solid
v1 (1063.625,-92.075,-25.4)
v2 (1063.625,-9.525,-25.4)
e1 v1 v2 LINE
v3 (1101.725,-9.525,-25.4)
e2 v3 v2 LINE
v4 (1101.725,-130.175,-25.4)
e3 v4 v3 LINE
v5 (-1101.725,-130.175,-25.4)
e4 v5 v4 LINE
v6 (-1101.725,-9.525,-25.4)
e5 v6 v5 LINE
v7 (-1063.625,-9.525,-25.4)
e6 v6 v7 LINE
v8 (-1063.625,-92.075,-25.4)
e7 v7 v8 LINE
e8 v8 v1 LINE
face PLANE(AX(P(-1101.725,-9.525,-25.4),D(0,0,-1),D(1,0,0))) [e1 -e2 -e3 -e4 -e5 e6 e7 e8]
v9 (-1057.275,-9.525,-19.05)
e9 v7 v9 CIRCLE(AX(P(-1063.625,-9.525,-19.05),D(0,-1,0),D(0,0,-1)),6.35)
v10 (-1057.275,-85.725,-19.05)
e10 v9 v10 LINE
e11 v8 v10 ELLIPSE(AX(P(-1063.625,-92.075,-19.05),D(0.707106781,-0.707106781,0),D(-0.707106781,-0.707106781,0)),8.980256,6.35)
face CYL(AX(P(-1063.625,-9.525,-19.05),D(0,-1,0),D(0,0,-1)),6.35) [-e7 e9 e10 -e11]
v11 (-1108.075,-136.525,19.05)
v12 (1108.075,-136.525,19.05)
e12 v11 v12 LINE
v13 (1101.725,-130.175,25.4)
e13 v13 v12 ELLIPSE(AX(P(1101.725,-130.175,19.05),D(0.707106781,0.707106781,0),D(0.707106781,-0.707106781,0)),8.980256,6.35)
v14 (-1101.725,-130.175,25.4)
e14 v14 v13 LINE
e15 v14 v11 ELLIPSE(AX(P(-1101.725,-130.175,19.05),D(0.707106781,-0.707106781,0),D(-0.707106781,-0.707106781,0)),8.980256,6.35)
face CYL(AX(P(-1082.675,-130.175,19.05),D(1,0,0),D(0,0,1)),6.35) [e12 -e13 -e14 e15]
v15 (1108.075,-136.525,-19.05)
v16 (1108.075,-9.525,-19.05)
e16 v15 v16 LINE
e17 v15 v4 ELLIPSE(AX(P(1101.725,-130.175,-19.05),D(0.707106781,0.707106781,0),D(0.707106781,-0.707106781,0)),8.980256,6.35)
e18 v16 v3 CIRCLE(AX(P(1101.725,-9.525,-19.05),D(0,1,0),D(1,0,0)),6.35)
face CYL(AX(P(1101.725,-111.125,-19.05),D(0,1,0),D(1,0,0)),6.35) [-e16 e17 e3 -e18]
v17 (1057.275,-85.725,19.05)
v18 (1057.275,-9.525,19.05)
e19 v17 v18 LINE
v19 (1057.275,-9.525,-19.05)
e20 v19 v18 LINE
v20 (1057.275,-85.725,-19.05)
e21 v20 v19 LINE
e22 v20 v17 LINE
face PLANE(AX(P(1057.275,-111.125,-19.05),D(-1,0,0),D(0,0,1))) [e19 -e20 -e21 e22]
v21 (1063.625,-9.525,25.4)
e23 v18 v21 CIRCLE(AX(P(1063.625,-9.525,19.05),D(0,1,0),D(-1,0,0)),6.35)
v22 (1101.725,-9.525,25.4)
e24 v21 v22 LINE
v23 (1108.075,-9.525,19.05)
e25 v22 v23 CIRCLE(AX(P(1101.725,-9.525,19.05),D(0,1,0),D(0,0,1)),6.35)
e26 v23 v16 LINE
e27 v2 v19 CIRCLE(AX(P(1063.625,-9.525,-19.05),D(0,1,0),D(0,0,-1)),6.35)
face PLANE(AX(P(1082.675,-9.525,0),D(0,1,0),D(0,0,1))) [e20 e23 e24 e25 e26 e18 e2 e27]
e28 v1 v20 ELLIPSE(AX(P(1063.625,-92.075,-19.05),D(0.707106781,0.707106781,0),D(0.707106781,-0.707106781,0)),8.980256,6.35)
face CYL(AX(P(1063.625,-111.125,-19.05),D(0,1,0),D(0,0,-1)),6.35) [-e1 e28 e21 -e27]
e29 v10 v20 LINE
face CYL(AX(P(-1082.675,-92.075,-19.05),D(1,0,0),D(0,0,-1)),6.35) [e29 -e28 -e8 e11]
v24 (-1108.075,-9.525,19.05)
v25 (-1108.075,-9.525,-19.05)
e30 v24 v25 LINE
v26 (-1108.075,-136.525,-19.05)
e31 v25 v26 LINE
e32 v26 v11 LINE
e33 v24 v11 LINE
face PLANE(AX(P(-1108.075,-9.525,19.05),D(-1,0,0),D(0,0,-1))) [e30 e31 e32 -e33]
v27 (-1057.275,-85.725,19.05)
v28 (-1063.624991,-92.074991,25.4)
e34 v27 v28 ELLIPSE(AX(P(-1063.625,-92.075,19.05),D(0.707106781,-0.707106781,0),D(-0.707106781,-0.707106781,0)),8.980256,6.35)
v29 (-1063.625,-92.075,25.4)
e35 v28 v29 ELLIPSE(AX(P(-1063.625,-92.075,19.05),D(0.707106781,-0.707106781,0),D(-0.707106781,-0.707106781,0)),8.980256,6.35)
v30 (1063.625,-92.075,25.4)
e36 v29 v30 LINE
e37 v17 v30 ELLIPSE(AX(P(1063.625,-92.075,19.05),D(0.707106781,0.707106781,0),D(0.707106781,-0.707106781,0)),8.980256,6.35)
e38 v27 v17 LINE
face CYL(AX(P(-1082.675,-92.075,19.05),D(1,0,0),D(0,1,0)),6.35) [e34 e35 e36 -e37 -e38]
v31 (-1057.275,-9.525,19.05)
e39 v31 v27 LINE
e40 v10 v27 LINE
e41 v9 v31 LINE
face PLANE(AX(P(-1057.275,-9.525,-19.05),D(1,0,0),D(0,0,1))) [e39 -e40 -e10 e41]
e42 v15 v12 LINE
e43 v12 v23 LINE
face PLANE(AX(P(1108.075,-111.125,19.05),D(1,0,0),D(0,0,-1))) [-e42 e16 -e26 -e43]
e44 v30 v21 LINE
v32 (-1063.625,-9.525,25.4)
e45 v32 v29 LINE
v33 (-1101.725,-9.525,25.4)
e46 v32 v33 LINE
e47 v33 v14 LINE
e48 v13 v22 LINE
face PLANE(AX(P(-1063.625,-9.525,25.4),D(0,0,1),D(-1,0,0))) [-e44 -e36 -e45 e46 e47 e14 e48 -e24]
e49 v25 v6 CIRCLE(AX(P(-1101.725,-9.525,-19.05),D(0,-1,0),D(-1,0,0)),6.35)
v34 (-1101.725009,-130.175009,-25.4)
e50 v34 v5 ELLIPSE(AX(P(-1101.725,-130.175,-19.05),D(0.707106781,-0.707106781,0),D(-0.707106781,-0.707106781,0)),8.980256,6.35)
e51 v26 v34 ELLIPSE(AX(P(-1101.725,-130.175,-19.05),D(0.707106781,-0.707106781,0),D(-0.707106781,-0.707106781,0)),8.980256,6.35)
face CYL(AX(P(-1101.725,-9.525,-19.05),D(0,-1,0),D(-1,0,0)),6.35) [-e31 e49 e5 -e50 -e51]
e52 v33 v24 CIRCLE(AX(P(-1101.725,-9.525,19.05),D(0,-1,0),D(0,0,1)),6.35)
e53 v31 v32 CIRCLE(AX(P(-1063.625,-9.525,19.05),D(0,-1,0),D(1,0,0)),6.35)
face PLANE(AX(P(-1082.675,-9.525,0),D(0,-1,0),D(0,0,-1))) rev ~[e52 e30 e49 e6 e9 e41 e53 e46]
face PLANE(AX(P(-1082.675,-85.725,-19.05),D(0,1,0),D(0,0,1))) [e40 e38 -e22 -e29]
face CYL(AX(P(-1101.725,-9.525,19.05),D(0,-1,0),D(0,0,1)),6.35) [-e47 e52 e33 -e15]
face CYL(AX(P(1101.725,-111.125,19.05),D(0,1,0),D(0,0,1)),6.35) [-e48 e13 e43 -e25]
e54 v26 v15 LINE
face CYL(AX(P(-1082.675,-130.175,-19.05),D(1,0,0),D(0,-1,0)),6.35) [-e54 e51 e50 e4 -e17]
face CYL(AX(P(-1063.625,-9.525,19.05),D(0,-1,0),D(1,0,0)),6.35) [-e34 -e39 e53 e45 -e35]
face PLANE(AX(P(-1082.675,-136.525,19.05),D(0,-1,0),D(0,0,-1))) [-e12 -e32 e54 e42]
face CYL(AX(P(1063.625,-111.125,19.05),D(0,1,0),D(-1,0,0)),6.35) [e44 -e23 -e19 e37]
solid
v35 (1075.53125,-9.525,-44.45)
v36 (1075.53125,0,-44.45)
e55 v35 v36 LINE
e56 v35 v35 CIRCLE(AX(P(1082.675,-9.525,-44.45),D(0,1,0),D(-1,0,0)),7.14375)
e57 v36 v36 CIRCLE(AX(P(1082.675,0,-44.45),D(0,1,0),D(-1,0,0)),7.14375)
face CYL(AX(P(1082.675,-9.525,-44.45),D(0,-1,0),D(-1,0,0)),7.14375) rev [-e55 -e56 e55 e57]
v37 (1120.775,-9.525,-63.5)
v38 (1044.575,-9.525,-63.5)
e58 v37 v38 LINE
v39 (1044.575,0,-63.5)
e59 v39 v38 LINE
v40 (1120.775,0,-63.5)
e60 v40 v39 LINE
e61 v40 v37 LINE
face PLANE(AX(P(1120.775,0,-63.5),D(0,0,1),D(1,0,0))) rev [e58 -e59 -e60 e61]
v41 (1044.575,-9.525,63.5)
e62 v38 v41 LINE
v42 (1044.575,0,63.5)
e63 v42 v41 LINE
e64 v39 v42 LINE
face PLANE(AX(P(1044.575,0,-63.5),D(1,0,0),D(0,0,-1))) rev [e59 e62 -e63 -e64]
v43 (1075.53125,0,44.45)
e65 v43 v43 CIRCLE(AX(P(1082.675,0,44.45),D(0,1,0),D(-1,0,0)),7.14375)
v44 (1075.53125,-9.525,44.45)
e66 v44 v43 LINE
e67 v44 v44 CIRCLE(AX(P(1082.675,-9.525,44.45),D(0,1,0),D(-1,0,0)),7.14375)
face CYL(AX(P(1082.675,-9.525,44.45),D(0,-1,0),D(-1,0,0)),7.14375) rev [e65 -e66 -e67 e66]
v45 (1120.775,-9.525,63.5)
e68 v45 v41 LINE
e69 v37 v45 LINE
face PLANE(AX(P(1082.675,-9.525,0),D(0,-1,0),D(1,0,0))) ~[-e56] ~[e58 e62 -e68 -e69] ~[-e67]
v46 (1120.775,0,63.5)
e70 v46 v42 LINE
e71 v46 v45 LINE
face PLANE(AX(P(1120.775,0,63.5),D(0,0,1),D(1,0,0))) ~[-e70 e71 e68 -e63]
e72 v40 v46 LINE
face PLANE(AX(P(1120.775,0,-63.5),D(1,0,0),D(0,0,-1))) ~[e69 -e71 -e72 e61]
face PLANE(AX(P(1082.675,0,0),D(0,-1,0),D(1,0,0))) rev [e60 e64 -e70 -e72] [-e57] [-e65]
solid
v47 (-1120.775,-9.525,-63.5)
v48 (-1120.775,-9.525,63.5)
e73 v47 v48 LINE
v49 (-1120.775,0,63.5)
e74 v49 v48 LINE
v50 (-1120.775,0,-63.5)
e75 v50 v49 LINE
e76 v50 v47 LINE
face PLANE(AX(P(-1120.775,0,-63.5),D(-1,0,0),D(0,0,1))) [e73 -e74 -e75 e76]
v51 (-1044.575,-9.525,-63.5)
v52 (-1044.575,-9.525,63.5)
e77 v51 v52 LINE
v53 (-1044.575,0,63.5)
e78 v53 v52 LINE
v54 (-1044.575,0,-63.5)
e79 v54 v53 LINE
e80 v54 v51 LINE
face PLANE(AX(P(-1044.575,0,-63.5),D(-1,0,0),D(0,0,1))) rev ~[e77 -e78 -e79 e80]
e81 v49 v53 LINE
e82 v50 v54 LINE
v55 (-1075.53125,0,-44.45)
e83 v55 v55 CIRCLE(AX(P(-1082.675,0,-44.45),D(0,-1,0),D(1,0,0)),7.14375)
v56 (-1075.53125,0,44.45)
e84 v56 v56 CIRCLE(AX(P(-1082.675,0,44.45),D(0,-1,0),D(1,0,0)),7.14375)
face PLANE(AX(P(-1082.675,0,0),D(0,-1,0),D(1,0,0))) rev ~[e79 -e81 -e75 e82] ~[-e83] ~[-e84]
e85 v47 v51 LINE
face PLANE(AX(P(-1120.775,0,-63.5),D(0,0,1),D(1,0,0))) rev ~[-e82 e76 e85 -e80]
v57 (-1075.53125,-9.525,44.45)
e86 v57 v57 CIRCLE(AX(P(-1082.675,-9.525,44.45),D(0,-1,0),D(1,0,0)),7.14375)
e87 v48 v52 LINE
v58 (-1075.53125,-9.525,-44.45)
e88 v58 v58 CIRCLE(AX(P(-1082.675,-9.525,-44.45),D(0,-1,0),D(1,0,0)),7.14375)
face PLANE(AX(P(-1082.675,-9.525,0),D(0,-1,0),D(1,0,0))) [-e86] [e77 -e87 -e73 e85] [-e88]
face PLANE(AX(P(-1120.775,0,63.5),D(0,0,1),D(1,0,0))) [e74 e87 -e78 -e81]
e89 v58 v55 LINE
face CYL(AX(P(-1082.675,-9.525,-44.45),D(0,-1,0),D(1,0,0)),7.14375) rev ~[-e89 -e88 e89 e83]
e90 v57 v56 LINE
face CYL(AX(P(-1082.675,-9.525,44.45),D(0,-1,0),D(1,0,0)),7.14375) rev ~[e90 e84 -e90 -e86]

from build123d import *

# Parameters (mm, degrees)
F0_W     = 76.2
F0_H     = 127
F1_DEPTH = 9.525
F2_R     = 7.14375
F3_DEPTH = 25.4


with BuildPart() as f1:
    # F0 (on Front) → F1 (new body)
    with BuildSketch(Plane.XZ):
        with Locations((-1082.675, 0)):
            Rectangle(F0_W, F0_H)
        with BuildLine():
            ThreePointArc((-1108.075, 19.05), (-1106.2151280605, 23.5401280605), (-1101.725, 25.4))
            Line((-1101.725, 25.4), (-1063.625, 25.4))
            ThreePointArc((-1063.625, 25.4), (-1059.1348719395, 23.5401280605), (-1057.275, 19.05))
            Line((-1057.275, 19.05), (-1057.275, -19.05))
            ThreePointArc((-1057.275, -19.05), (-1059.1348719395, -23.5401280605), (-1063.625, -25.4))
            Line((-1063.625, -25.4), (-1101.725, -25.4))
            ThreePointArc((-1101.725, -25.4), (-1106.2151280605, -23.5401280605), (-1108.075, -19.05))
            Line((-1108.075, -19.05), (-1108.075, 19.05))
        make_face(mode=Mode.SUBTRACT)
        with BuildLine():
            Line((-1063.625, 25.4), (-1101.725, 25.4))
            ThreePointArc((-1101.725, 25.4), (-1106.2151280605, 23.5401280605), (-1108.075, 19.05))
            Line((-1108.075, 19.05), (-1108.075, -19.05))
            ThreePointArc((-1108.075, -19.05), (-1106.2151280605, -23.5401280605), (-1101.725, -25.4))
            Line((-1101.725, -25.4), (-1063.625, -25.4))
            ThreePointArc((-1063.625, -25.4), (-1059.1348719395, -23.5401280605), (-1057.275, -19.05))
            Line((-1057.275, -19.05), (-1057.275, 19.05))
            ThreePointArc((-1057.275, 19.05), (-1059.1348719395, 23.5401280605), (-1063.625, 25.4))
        make_face()
    extrude(amount=F1_DEPTH)

    # F2 (on face) → F3 (cut)
    with BuildSketch(Plane.XZ.offset(9.525)):
        with Locations((-1082.675, 44.45)):
            Circle(F2_R)
        with Locations((-1082.675, -44.45)):
            Circle(F2_R)
    extrude(amount=-F3_DEPTH, mode=Mode.SUBTRACT)


with BuildPart() as f4_1:
    # F4: instance of F1
    add(f1.part.mirror(Plane.YZ))


with BuildPart() as f7:
    # F7: sweep along a path in F6
    with BuildLine(Plane.XY) as f7_path:
        Line((-1082.675, -9.525), (-1082.675, -111.125))
        Line((-1082.675, -111.125), (1082.675, -111.125))
        Line((1082.675, -111.125), (1082.675, -9.525))
    # F5 (on face) → F7 (sweep)
    with BuildSketch(Plane.XZ.offset(9.525)):
        with BuildLine():
            Line((-1063.625, 25.4), (-1101.725, 25.4))
            ThreePointArc((-1101.725, 25.4), (-1106.2151280605, 23.5401280605), (-1108.075, 19.05))
            Line((-1108.075, 19.05), (-1108.075, -19.05))
            ThreePointArc((-1108.075, -19.05), (-1106.2151280605, -23.5401280605), (-1101.725, -25.4))
            Line((-1101.725, -25.4), (-1063.625, -25.4))
            ThreePointArc((-1063.625, -25.4), (-1059.1348719395, -23.5401280605), (-1057.275, -19.05))
            Line((-1057.275, -19.05), (-1057.275, 19.05))
            ThreePointArc((-1057.275, 19.05), (-1059.1348719395, 23.5401280605), (-1063.625, 25.4))
        make_face()
    sweep(path=f7_path.line, transition=Transition.RIGHT)


solid = Compound([f1.part, f4_1.part, f7.part])
